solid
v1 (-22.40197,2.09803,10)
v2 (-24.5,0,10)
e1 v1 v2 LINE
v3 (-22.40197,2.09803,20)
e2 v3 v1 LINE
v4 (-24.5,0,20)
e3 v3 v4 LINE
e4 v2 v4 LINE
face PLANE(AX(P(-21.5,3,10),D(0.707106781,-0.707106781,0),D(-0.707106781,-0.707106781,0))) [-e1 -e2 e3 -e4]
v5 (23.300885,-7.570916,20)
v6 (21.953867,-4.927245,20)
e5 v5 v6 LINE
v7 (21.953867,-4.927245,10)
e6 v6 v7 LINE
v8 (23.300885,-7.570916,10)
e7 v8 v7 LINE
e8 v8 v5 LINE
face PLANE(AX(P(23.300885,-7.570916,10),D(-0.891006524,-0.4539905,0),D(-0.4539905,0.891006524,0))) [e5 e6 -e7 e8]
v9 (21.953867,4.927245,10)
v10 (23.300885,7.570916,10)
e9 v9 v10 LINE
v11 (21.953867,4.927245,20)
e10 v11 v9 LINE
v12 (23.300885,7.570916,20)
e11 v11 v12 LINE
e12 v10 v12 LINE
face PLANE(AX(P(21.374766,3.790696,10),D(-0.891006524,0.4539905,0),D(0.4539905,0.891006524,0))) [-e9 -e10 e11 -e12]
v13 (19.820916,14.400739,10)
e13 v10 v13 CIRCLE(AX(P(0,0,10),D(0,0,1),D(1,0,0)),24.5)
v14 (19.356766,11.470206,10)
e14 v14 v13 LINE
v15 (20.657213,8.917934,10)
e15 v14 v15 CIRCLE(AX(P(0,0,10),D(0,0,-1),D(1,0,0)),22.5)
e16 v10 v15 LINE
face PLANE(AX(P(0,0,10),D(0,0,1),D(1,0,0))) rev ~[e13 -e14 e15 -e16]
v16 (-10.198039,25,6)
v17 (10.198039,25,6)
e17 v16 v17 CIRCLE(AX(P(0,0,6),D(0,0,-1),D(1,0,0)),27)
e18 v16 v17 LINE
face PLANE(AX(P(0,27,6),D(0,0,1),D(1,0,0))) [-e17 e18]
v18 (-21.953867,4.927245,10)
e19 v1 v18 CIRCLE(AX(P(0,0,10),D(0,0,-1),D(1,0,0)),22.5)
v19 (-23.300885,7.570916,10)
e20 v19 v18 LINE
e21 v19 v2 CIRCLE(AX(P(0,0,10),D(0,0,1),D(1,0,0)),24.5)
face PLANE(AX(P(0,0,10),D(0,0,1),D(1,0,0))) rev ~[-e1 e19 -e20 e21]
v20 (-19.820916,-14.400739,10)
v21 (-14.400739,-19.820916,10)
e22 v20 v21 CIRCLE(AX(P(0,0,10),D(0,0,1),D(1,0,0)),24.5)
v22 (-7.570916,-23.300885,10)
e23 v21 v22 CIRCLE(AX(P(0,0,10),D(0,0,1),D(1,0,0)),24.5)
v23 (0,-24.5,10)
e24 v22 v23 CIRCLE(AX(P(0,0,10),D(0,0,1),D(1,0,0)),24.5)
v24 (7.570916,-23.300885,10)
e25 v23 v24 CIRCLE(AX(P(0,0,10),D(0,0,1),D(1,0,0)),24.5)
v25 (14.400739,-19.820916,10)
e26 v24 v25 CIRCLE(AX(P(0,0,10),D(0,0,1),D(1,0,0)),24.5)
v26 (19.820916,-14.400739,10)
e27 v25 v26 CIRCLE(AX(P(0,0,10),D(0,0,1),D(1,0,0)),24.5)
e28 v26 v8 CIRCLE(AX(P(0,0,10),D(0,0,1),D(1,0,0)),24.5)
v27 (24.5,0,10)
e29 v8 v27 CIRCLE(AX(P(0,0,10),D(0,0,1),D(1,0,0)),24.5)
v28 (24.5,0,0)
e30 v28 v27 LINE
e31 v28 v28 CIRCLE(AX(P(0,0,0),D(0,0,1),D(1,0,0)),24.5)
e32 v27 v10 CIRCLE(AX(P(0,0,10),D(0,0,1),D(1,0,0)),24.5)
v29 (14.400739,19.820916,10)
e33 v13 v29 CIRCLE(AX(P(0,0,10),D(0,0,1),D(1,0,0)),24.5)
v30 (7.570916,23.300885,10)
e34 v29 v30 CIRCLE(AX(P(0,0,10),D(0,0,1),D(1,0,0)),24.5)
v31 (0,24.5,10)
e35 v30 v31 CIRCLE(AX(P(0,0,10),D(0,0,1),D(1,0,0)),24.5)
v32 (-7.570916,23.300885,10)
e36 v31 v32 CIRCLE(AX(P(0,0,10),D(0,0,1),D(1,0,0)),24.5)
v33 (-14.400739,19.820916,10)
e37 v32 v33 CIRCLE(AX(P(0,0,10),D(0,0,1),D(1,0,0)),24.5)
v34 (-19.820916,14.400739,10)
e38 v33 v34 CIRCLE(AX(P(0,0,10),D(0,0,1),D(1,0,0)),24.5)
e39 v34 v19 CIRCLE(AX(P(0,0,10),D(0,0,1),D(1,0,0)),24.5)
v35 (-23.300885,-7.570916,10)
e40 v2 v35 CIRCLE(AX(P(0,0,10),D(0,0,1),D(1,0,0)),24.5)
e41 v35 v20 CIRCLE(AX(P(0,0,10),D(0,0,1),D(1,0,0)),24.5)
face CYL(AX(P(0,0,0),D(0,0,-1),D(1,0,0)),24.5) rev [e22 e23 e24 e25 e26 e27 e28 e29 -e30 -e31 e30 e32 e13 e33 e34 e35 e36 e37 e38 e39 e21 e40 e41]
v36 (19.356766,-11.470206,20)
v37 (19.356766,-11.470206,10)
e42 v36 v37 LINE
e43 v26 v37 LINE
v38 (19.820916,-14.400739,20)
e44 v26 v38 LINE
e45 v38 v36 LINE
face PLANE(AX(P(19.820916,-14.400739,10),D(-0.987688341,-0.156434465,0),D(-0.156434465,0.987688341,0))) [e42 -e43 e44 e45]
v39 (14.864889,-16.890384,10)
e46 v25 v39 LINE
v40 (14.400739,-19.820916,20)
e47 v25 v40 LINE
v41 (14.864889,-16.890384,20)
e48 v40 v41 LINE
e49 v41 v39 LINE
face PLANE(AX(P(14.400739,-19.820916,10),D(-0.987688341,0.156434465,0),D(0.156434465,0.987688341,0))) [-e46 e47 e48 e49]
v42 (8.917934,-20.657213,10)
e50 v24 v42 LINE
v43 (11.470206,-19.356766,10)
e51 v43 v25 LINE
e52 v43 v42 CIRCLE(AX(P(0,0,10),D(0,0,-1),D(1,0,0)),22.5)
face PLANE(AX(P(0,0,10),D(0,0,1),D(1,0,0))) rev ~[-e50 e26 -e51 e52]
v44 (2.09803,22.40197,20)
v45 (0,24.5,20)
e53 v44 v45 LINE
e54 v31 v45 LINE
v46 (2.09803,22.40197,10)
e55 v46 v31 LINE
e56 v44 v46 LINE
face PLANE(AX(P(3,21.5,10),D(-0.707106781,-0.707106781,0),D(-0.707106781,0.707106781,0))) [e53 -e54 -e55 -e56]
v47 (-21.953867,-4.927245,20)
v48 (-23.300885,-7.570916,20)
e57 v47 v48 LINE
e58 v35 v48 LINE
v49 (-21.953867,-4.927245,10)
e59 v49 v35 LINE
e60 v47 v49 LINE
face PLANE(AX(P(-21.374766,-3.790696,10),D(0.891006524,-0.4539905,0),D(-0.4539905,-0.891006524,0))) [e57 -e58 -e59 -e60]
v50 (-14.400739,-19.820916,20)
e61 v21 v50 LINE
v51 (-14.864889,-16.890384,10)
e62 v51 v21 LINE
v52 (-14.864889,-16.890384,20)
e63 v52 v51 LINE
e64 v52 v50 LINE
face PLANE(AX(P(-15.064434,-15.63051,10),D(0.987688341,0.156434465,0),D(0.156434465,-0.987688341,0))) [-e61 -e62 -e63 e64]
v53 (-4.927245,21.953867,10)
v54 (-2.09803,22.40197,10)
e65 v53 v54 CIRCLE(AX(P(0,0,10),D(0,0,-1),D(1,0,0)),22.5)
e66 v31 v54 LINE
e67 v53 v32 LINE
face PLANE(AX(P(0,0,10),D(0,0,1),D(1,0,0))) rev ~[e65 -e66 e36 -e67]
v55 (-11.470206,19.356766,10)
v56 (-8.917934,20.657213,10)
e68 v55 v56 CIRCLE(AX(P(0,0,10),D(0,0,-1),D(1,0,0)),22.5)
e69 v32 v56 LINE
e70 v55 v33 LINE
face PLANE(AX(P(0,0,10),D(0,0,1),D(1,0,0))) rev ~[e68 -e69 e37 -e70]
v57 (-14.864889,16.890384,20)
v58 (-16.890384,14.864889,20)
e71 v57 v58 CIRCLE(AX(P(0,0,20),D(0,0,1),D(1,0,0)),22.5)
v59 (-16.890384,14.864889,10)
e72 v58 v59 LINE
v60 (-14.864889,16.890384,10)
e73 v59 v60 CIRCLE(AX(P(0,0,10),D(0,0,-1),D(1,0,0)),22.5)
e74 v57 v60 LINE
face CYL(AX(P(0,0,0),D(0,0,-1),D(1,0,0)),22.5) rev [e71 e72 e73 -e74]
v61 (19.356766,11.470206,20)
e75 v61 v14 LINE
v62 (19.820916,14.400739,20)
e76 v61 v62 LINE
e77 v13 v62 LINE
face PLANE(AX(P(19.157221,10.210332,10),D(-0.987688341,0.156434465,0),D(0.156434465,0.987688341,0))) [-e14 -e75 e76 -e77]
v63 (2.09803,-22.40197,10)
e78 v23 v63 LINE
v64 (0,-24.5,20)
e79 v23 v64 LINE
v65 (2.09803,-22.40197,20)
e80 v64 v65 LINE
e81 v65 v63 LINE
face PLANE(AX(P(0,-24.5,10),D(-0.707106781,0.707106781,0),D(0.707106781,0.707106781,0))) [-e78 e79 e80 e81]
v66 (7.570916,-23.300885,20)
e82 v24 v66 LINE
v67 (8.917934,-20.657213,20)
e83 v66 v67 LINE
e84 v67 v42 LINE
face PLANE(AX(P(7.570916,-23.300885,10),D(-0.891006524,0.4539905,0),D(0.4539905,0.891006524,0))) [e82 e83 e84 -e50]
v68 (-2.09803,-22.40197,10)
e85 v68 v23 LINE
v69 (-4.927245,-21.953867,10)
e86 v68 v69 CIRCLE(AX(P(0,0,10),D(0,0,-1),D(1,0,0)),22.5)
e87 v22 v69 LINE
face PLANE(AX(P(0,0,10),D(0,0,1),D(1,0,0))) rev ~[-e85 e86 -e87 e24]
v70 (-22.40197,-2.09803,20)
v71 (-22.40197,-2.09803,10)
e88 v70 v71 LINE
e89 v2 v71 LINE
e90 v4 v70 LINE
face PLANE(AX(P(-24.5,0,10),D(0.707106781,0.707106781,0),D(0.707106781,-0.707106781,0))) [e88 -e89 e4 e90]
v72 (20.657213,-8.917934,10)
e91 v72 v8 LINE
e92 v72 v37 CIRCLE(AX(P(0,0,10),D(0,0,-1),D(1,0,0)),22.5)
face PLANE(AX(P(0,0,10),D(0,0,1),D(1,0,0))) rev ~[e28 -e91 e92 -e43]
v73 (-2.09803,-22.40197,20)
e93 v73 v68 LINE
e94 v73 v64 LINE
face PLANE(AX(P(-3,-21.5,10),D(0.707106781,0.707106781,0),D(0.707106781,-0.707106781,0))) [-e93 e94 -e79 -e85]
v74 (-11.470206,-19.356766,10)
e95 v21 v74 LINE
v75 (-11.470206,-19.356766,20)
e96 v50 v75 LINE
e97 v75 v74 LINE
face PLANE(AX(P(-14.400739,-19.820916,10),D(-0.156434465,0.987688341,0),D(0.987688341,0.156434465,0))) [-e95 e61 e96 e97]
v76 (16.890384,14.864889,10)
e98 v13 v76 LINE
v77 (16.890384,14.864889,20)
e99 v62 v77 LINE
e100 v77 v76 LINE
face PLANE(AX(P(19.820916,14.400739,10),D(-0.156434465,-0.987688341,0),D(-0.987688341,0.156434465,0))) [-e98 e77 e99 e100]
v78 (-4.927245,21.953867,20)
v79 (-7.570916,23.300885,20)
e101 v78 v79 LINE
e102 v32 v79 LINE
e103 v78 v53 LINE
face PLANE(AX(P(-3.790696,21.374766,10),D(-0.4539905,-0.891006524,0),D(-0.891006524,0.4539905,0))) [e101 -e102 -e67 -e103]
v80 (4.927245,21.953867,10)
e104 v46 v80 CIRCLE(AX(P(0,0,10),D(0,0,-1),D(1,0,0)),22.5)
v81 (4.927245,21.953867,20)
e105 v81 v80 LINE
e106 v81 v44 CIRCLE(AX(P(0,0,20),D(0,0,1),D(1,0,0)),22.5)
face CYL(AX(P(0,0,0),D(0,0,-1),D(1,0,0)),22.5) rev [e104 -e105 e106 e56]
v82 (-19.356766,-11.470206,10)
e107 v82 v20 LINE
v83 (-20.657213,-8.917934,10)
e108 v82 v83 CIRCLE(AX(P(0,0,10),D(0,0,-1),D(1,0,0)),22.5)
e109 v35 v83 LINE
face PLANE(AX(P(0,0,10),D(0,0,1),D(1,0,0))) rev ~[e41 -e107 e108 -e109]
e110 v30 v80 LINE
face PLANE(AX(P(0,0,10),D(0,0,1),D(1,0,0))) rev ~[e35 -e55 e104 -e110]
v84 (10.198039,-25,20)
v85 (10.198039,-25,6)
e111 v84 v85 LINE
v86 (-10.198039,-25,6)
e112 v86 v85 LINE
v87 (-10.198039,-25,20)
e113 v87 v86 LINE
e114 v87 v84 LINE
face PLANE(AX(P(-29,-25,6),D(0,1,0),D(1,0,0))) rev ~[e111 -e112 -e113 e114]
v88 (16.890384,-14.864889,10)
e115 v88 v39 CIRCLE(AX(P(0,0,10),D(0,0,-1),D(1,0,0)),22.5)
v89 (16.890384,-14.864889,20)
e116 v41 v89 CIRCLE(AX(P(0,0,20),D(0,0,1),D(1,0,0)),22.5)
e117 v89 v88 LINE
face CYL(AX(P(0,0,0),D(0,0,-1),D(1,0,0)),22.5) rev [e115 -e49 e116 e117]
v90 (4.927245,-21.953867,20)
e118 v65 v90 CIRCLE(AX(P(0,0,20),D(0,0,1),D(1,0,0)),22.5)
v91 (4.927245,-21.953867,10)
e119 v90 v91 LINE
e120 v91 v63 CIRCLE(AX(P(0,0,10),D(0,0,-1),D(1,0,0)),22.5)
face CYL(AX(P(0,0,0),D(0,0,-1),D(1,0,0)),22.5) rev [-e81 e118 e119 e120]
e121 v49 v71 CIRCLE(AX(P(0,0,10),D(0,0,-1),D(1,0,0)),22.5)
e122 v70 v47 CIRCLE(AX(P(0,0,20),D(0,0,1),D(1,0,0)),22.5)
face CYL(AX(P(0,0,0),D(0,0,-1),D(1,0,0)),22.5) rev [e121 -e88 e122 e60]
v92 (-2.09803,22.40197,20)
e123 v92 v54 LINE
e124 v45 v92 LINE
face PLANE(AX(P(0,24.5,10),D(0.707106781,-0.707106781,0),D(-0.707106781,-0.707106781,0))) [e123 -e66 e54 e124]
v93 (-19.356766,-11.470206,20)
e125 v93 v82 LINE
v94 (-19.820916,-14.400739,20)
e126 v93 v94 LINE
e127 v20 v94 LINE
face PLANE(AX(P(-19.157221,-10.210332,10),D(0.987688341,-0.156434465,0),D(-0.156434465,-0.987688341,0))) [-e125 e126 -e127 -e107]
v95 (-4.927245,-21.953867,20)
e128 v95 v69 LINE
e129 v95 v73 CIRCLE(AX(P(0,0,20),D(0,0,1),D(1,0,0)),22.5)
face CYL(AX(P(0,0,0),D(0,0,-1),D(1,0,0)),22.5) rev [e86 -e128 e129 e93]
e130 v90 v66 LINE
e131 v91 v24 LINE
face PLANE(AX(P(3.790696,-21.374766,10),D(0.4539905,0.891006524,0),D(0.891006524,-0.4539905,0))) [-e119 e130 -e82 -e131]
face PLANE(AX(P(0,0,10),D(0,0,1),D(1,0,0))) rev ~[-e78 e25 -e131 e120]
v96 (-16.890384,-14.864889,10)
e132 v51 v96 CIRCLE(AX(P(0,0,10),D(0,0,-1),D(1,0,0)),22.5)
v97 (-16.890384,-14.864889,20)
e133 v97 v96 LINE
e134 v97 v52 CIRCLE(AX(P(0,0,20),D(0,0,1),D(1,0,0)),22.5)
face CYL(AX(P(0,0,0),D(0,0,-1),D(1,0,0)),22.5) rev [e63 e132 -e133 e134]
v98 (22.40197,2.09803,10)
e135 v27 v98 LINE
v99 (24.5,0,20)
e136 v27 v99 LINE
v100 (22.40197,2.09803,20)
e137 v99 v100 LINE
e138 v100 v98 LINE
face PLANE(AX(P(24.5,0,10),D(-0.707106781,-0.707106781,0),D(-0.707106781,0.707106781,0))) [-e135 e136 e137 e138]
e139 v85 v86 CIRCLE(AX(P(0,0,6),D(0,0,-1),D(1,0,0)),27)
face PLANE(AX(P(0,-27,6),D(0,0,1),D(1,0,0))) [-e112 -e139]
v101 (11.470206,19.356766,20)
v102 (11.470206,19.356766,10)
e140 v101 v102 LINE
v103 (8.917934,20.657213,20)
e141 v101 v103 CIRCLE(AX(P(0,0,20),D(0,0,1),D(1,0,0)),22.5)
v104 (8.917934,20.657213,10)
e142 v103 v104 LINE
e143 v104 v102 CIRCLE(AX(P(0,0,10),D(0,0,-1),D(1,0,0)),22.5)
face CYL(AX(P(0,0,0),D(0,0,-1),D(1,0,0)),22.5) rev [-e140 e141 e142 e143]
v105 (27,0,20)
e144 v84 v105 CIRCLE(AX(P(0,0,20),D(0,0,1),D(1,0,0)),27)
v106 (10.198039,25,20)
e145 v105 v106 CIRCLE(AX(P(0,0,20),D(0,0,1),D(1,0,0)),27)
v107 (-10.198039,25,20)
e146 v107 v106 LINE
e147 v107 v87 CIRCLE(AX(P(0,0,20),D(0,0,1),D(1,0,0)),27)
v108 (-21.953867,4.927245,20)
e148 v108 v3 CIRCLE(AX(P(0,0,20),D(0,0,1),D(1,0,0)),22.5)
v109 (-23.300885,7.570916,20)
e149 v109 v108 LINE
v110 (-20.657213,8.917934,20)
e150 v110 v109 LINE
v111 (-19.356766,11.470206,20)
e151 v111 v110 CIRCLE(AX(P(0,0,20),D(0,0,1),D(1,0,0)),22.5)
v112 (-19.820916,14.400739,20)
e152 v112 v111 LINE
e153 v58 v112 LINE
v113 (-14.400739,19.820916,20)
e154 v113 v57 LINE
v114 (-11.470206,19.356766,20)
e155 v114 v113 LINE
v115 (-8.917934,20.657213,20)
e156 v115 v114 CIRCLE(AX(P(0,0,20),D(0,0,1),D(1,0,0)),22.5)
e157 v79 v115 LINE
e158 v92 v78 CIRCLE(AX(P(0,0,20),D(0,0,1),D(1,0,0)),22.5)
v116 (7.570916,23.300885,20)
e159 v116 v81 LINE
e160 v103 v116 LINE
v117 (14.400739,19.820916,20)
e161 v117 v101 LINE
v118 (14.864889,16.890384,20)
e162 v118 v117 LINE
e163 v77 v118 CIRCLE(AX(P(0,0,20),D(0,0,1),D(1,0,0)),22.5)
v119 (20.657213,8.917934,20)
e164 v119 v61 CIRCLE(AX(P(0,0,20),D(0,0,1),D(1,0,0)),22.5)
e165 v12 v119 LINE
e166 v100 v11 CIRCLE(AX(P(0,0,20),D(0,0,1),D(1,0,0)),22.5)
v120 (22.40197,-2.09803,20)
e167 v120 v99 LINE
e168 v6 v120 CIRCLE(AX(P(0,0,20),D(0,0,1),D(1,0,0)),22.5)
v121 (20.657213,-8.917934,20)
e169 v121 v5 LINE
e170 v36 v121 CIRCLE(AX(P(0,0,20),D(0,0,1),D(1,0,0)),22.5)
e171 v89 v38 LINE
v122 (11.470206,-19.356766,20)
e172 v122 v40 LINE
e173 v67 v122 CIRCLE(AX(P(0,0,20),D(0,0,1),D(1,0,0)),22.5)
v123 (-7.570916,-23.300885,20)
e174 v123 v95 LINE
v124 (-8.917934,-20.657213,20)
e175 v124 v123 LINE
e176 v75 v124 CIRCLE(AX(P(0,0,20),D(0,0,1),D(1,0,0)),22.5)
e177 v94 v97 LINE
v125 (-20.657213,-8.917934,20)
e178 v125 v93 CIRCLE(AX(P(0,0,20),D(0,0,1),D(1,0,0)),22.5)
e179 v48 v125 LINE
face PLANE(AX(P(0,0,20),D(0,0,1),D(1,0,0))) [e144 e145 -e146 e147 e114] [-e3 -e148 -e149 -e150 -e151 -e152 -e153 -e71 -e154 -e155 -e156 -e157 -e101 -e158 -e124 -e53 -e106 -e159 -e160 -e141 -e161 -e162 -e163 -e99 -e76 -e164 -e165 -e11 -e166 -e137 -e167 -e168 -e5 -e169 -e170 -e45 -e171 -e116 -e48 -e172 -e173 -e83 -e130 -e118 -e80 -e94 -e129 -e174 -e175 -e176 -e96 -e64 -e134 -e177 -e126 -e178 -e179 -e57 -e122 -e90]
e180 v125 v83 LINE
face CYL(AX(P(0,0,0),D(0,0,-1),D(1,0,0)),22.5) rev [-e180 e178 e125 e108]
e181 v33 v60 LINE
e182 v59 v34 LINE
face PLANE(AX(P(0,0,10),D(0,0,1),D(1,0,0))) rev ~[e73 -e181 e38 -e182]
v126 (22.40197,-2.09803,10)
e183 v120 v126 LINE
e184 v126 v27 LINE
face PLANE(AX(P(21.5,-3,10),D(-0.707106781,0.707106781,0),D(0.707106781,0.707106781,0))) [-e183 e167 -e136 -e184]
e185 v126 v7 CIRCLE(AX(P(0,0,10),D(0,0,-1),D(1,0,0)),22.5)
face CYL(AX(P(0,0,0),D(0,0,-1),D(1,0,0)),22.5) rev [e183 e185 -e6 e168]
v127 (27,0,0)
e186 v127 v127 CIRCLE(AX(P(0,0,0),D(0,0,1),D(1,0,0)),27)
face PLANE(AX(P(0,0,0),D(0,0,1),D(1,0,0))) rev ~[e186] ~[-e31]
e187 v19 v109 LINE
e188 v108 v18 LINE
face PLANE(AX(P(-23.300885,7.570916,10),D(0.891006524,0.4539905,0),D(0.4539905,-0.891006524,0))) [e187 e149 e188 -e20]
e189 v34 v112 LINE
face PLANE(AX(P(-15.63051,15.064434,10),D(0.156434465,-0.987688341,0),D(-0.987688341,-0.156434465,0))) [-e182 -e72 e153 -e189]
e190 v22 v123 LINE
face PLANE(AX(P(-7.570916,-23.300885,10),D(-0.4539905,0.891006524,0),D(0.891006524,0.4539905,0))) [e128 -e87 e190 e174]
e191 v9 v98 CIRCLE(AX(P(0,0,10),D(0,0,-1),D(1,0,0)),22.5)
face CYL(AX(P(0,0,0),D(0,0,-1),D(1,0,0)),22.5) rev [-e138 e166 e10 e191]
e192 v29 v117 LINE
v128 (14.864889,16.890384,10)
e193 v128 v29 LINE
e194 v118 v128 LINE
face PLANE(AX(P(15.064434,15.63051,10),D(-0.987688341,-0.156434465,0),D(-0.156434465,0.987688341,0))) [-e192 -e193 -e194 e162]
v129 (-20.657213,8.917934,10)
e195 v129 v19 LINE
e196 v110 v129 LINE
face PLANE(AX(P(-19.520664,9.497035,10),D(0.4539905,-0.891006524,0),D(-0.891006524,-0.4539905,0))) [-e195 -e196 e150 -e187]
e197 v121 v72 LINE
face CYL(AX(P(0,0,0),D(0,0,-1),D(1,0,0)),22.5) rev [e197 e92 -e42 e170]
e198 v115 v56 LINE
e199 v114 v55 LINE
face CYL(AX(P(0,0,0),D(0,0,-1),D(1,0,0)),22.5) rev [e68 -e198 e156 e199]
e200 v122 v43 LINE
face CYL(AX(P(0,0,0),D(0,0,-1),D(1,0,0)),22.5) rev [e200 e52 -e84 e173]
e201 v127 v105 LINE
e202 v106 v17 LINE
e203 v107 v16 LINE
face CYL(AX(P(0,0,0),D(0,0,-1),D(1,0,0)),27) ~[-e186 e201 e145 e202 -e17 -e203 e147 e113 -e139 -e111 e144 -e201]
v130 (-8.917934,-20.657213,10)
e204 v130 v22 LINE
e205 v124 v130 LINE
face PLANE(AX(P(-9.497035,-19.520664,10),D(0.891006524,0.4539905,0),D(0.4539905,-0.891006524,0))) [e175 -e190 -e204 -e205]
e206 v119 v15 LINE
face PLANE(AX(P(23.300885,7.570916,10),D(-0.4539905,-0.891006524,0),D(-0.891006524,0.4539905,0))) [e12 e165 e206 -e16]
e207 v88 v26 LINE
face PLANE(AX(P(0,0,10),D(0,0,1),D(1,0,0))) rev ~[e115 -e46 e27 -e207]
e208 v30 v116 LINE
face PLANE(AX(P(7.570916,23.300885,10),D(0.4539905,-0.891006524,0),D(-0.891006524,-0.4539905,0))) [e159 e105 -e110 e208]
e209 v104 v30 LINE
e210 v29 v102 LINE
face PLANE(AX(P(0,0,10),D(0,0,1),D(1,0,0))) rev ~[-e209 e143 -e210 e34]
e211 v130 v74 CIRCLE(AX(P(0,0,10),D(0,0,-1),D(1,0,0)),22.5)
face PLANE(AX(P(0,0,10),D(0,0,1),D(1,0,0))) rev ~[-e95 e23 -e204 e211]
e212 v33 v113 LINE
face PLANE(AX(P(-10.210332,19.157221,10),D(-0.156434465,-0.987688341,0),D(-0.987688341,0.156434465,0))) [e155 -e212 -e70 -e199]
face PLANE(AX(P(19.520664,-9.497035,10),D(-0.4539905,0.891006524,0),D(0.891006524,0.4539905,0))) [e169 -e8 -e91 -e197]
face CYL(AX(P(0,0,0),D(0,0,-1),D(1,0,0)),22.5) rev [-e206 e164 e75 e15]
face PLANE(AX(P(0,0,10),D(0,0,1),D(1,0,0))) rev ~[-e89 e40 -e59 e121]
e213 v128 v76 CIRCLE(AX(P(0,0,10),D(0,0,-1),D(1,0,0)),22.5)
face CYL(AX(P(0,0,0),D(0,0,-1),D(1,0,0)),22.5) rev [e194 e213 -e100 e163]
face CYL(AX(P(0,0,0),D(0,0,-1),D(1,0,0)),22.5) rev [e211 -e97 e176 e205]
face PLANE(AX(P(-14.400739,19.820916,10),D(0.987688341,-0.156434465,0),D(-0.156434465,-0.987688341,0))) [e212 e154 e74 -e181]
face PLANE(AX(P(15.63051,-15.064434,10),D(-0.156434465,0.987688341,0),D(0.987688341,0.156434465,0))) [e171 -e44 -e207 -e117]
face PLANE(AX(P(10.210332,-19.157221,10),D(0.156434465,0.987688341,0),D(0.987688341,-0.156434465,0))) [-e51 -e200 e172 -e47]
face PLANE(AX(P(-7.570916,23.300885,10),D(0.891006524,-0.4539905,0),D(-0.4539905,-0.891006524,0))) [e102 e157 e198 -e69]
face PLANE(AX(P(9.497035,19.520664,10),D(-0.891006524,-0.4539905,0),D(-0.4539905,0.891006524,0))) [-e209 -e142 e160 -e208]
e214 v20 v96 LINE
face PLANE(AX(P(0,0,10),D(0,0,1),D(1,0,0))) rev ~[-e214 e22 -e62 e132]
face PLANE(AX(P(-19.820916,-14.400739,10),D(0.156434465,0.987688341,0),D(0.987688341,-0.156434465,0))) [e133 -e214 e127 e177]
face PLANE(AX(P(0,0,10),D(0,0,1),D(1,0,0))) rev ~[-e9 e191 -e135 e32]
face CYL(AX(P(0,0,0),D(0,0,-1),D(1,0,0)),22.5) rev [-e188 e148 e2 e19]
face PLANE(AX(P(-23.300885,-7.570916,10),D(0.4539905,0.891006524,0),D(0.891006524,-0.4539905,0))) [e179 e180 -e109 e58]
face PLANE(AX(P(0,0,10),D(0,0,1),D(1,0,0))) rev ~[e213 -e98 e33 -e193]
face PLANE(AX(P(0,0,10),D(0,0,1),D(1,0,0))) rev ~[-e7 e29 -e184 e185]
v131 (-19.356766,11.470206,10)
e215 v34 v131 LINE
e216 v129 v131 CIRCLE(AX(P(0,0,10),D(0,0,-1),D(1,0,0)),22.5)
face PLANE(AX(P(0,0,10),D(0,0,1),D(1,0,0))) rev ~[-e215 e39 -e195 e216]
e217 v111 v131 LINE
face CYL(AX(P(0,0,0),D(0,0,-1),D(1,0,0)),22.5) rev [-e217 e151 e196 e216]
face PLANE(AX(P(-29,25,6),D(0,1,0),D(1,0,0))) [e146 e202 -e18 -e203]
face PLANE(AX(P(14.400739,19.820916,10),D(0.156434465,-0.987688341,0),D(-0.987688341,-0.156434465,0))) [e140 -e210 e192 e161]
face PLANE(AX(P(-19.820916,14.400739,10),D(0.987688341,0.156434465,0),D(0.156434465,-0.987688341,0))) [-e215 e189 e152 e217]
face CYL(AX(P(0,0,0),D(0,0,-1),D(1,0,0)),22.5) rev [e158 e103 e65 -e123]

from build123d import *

# Parameters (mm, degrees)
SKETCH1_R      = 27
RING_DEPTH     = 20
SKETCH2_W      = 58
SKETCH2_H      = 4
FLATS_DEPTH    = 14
SKETCH3_R      = 22.5
BORE_DEPTH     = 20
SKETCH4_R      = 24.5
BORE_LOW_DEPTH = 10
TEETH_DEPTH    = 10


with BuildPart() as part:
    # Sketch1 → Ring (new body)
    with BuildSketch(Plane.XY):
        Circle(SKETCH1_R)
    extrude(amount=RING_DEPTH)

    # Sketch2 → Flats (cut)
    with BuildSketch(Plane.XY.offset(6)):
        with Locations((0, 27)):
            Rectangle(SKETCH2_W, SKETCH2_H)
        with Locations((0, -27)):
            Rectangle(SKETCH2_W, SKETCH2_H)
    extrude(amount=FLATS_DEPTH, mode=Mode.SUBTRACT)

    # Sketch3 → Bore (cut)
    with BuildSketch(Plane.XY):
        Circle(SKETCH3_R)
    extrude(amount=BORE_DEPTH, mode=Mode.SUBTRACT)

    # Sketch4 → Bore_low (cut)
    with BuildSketch(Plane.XY):
        Circle(SKETCH4_R)
    extrude(amount=BORE_LOW_DEPTH, mode=Mode.SUBTRACT)

    # Sketch5 → Teeth (cut)
    with BuildSketch(Plane.XY.offset(10)):
        Polygon((24.5, 0), (21.5, 3), (21.5, -3), align=None)
        Polygon((23.300884649, 7.570916362), (19.520664117, 9.497034928), (21.374766083, 3.79069583), align=None)
        Polygon((19.820916362, 14.400738681), (15.630509622, 15.064433907), (19.157221136, 10.210331941), align=None)
        Polygon((14.400738681, 19.820916362), (10.210331941, 19.157221136), (15.064433907, 15.630509622), align=None)
        Polygon((7.570916362, 23.300884649), (3.79069583, 21.374766083), (9.497034928, 19.520664117), align=None)
        Polygon((0, 24.5), (-3, 21.5), (3, 21.5), align=None)
        Polygon((-7.570916362, 23.300884649), (-9.497034928, 19.520664117), (-3.79069583, 21.374766083), align=None)
        Polygon((-14.400738681, 19.820916362), (-15.064433907, 15.630509622), (-10.210331941, 19.157221136), align=None)
        Polygon((-19.820916362, 14.400738681), (-19.157221136, 10.210331941), (-15.630509622, 15.064433907), align=None)
        Polygon((-23.300884649, 7.570916362), (-21.374766083, 3.79069583), (-19.520664117, 9.497034928), align=None)
        Polygon((-24.5, 0), (-21.5, -3), (-21.5, 3), align=None)
        Polygon((-23.300884649, -7.570916362), (-19.520664117, -9.497034928), (-21.374766083, -3.79069583), align=None)
        Polygon((-19.820916362, -14.400738681), (-15.630509622, -15.064433907), (-19.157221136, -10.210331941), align=None)
        Polygon((-14.400738681, -19.820916362), (-10.210331941, -19.157221136), (-15.064433907, -15.630509622), align=None)
        Polygon((-7.570916362, -23.300884649), (-3.79069583, -21.374766083), (-9.497034928, -19.520664117), align=None)
        Polygon((0, -24.5), (3, -21.5), (-3, -21.5), align=None)
        Polygon((7.570916362, -23.300884649), (9.497034928, -19.520664117), (3.79069583, -21.374766083), align=None)
        Polygon((14.400738681, -19.820916362), (15.064433907, -15.630509622), (10.210331941, -19.157221136), align=None)
        Polygon((19.820916362, -14.400738681), (19.157221136, -10.210331941), (15.630509622, -15.064433907), align=None)
        Polygon((23.300884649, -7.570916362), (21.374766083, -3.79069583), (19.520664117, -9.497034928), align=None)
    extrude(amount=TEETH_DEPTH, mode=Mode.SUBTRACT)


solid = part.part
